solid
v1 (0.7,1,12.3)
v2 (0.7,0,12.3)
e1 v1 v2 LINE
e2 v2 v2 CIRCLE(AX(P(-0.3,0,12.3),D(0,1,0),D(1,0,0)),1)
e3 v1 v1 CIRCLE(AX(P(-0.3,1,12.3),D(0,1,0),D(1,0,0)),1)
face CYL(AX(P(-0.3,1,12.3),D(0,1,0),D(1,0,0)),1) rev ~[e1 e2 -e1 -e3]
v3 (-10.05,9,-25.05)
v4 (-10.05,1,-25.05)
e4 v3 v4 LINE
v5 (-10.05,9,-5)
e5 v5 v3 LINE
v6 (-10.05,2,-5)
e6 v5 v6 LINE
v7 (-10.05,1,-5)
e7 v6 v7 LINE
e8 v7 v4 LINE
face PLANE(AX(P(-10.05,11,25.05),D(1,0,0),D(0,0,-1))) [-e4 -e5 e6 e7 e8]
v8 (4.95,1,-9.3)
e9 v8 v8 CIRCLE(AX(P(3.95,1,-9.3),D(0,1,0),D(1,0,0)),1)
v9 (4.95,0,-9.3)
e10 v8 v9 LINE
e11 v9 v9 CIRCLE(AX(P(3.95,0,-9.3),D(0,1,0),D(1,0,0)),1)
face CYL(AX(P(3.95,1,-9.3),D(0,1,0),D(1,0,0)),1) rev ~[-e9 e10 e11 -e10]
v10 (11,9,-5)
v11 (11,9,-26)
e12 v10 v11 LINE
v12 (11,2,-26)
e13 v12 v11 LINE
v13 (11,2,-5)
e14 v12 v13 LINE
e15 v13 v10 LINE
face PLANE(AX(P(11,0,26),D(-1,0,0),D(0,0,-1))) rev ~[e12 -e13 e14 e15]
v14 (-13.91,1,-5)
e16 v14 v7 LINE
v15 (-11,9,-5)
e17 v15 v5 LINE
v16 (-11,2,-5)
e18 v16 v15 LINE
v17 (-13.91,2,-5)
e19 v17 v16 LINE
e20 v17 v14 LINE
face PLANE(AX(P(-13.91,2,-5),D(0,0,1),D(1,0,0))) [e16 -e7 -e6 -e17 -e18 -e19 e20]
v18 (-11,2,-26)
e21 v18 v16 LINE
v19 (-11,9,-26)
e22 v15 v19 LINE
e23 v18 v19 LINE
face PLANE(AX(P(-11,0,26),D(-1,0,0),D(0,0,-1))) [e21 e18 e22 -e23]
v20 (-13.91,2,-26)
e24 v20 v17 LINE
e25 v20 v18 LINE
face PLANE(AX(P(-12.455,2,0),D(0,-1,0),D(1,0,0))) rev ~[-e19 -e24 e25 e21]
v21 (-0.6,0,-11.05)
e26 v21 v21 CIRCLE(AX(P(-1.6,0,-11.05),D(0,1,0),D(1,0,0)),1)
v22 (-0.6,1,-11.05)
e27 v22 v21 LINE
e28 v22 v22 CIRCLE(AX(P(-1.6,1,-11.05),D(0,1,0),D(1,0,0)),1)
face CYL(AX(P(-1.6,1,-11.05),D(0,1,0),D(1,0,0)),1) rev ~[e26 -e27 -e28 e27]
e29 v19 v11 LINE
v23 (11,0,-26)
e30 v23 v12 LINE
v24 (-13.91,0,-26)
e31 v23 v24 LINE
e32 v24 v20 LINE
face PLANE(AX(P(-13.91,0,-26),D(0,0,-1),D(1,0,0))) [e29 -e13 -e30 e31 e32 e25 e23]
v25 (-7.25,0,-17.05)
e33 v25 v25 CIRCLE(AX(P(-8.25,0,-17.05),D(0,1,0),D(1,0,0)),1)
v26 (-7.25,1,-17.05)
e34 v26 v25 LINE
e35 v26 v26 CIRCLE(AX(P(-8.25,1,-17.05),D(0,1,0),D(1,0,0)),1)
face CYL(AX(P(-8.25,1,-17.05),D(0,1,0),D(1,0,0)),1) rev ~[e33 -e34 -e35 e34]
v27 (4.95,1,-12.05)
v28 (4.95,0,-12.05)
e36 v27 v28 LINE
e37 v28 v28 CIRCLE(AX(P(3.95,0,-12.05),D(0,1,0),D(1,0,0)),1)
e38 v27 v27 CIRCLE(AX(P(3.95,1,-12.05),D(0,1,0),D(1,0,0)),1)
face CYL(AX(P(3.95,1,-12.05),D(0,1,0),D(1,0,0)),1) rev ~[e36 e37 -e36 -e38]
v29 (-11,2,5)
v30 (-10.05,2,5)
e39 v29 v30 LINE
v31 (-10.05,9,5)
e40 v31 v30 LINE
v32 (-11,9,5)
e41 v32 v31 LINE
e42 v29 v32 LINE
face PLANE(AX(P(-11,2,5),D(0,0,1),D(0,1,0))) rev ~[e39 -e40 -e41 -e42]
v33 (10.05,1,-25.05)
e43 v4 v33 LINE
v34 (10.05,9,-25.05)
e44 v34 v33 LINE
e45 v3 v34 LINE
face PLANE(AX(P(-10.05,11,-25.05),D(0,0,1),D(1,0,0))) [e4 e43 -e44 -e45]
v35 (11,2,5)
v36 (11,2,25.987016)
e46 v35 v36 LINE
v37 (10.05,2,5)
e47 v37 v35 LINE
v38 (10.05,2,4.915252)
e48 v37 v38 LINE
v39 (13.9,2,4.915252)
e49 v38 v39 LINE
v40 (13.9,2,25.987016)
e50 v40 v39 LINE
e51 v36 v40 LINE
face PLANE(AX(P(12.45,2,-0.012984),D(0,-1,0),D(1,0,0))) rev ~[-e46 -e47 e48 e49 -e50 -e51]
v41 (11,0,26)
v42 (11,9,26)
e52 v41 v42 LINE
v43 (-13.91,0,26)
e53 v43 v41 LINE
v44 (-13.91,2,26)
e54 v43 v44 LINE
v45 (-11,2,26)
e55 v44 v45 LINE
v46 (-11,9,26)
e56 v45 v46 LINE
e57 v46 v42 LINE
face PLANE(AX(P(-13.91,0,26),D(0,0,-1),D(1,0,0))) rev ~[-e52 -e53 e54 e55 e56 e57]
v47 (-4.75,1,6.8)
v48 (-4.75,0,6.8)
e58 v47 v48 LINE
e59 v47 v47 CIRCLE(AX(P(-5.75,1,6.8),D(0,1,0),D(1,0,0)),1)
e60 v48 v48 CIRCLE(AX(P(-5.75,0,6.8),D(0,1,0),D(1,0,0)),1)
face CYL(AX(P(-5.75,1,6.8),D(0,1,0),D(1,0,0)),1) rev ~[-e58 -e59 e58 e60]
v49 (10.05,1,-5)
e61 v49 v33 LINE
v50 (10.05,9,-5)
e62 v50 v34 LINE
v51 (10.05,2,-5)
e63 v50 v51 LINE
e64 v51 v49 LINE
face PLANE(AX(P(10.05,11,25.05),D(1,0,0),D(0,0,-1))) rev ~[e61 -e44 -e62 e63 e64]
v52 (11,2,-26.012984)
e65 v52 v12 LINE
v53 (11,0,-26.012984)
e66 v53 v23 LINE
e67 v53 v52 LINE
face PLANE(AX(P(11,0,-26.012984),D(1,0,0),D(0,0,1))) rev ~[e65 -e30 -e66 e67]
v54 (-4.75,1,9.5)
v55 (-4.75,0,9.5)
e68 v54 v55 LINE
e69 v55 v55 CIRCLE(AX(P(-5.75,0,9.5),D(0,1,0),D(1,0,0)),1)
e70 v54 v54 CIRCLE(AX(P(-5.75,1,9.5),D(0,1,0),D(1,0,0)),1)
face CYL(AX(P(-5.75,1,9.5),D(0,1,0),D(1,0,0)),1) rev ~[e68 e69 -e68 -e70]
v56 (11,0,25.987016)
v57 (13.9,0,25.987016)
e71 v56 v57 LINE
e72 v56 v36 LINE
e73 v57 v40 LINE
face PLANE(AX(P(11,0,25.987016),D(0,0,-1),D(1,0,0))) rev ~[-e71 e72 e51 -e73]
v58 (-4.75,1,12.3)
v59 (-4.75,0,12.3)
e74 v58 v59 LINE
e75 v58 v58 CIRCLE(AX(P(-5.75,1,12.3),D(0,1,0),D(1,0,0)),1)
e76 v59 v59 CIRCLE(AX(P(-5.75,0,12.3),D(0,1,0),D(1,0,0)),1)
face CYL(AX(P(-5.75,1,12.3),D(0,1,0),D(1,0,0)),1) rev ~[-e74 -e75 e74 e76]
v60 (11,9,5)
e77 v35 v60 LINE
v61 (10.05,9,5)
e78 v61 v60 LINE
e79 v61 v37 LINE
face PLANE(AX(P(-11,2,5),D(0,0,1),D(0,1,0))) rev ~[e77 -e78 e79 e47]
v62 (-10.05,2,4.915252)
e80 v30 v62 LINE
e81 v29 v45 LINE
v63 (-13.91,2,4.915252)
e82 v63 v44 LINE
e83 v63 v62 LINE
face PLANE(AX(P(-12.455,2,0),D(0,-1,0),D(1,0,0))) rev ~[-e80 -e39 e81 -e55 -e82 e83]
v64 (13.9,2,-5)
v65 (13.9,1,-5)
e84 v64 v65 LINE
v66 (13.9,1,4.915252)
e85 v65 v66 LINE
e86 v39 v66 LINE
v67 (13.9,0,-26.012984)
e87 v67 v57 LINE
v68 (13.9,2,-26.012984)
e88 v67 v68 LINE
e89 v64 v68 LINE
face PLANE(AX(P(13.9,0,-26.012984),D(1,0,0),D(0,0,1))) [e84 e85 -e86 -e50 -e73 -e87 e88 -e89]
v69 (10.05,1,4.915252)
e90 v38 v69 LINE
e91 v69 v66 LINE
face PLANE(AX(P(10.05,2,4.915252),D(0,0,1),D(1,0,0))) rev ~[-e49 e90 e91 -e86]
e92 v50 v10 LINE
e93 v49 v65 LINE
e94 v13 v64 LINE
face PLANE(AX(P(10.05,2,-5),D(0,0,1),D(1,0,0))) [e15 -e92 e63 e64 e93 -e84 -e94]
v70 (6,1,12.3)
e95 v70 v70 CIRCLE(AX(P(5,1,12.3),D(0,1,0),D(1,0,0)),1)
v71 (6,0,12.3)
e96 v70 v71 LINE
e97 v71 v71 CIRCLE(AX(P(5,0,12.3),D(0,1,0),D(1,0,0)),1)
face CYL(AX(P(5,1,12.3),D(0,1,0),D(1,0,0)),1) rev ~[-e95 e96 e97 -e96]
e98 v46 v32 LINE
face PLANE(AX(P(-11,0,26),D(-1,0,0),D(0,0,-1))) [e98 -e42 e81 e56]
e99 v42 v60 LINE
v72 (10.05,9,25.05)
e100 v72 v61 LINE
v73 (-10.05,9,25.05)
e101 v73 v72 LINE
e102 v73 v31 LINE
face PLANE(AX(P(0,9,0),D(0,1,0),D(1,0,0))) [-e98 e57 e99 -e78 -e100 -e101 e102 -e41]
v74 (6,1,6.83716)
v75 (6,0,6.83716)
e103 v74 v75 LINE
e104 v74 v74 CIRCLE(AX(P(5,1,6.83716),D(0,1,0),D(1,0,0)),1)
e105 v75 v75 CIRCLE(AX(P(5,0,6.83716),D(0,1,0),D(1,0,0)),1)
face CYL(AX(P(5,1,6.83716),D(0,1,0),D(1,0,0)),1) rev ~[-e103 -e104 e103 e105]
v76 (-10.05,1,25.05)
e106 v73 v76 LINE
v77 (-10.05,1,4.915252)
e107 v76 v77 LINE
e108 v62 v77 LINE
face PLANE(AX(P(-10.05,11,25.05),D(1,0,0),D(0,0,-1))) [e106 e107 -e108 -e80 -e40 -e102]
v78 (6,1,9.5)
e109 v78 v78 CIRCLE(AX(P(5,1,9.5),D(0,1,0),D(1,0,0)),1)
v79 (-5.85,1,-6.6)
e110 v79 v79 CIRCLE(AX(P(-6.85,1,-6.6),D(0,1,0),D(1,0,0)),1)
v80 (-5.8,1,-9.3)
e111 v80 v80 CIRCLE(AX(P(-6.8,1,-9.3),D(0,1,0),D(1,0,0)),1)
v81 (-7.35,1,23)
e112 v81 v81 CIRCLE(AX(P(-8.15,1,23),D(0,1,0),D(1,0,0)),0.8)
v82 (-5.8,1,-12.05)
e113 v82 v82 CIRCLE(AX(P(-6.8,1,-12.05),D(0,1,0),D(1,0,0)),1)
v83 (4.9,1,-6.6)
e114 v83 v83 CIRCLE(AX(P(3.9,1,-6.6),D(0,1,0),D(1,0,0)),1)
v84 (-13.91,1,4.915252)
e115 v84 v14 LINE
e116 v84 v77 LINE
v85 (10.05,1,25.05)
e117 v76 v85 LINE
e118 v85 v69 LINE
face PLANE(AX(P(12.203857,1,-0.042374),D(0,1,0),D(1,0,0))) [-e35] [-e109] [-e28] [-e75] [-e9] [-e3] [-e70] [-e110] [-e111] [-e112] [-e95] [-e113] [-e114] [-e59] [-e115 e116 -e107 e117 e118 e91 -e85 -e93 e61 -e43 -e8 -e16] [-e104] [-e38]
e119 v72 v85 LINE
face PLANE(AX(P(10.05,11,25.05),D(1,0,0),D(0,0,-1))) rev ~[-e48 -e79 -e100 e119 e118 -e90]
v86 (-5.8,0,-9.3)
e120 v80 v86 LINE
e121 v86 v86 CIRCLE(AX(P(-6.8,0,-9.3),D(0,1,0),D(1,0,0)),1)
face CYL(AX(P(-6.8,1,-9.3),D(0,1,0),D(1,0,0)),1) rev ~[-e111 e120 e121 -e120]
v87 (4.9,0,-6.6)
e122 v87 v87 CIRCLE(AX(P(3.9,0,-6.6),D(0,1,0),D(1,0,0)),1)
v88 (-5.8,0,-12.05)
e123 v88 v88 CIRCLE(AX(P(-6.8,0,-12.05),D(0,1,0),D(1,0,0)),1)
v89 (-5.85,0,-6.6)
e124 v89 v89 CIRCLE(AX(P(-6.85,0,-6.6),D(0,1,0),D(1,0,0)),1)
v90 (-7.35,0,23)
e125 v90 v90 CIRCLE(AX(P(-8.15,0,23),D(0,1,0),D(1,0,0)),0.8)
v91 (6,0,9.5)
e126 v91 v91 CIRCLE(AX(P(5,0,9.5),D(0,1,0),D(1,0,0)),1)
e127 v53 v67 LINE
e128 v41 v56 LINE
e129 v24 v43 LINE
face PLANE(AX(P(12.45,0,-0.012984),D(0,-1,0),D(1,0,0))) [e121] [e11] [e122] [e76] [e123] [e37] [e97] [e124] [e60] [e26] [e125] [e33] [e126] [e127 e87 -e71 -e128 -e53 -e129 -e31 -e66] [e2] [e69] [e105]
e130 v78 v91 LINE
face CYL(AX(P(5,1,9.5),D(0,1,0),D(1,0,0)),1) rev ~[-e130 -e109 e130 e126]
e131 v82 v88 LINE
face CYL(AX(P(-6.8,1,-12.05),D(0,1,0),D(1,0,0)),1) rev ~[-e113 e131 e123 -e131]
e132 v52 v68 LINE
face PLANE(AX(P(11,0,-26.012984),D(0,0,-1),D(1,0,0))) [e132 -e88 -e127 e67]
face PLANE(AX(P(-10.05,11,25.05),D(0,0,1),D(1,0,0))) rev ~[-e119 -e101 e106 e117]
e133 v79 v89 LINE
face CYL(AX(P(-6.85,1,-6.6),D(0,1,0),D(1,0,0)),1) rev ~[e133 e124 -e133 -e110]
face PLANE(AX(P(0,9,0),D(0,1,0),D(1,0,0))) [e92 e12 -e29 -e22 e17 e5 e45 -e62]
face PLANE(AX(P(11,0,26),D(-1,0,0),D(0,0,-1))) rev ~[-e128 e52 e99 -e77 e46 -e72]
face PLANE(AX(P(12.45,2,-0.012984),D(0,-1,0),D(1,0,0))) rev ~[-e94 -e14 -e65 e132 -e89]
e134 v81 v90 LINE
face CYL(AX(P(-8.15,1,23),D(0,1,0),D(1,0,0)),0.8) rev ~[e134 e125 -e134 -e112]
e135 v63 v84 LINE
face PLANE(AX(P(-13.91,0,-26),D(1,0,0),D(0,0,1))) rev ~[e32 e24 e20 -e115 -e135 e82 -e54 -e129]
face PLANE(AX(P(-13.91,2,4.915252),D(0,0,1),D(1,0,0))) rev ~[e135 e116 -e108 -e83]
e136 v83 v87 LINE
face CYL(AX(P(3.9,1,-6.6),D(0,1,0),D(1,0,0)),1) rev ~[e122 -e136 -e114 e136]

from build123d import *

# Parameters (mm, degrees)
SKETCH1_W               = 22
SKETCH1_H               = 52
BOSS_EXTRUDE1_DEPTH     = 9
CUT_EXTRUDE1_START      = 2
SKETCH2_W               = 20.1
SKETCH2_H               = 50.1
CUT_EXTRUDE1_DEPTH      = 10
SKETCH7_R               = 0.8
CUT_EXTRUDE6_DEPTH      = 9
CUT_EXTRUDE6_DEPTH_BACK = 2
CUT_EXTRUDE7_REACH      = 3
SKETCH8_R               = 1
CUT_EXTRUDE9_REACH      = 3
SKETCH9_R               = 1
CUT_EXTRUDE10_REACH     = 3
SKETCH10_R              = 1
CUT_EXTRUDE11_REACH     = 3
SKETCH11_R              = 1
CUT_EXTRUDE12_REACH     = 3
SKETCH12_R              = 1
CUT_EXTRUDE13_REACH     = 3
SKETCH13_R              = 1
CUT_EXTRUDE14_REACH     = 3
SKETCH14_R              = 1
CUT_EXTRUDE15_REACH     = 3
SKETCH15_R              = 1
CUT_EXTRUDE16_REACH     = 3
SKETCH16_R              = 1
SKETCH18_W              = 2.91
SKETCH18_H              = 52
BOSS_EXTRUDE2_DEPTH     = 2
SKETCH18_3_W            = 2.9
SKETCH18_3_H            = 52
BOSS_EXTRUDE3_DEPTH     = 2
SKETCH19_W              = 10
SKETCH19_H              = 7
CUT_EXTRUDE17_DEPTH     = 25.9
SKETCH20_W              = 3.86
SKETCH20_H              = 9.915252407
SKETCH20_W_2            = 4.307713093
CUT_EXTRUDE18_DEPTH     = 1


with BuildPart() as part:
    # Sketch1 → Boss-Extrude1 (new body)
    with BuildSketch(Plane(origin=(0, 0, 0), x_dir=(1, 0, 0), z_dir=(0, 1, 0))):
        Rectangle(SKETCH1_W, SKETCH1_H)
    extrude(amount=BOSS_EXTRUDE1_DEPTH)

    # Sketch2 → Cut-Extrude1 (cut)
    with BuildSketch(Plane(origin=(0, 9, 0), x_dir=(1, 0, 0), z_dir=(0, 1, 0)).offset(CUT_EXTRUDE1_START)):
        Rectangle(SKETCH2_W, SKETCH2_H)
    extrude(amount=-CUT_EXTRUDE1_DEPTH, mode=Mode.SUBTRACT)

    # Sketch7 → Cut-Extrude6 (cut, two sides)
    with BuildSketch(Plane(origin=(0, 1, 0), x_dir=(1, 0, 0), z_dir=(0, 1, 0))) as cut_extrude6_sk:
        with Locations((-8.15, -23)):
            Circle(SKETCH7_R)
    extrude(amount=CUT_EXTRUDE6_DEPTH, mode=Mode.SUBTRACT)
    extrude(cut_extrude6_sk.sketch, amount=-CUT_EXTRUDE6_DEPTH_BACK, mode=Mode.SUBTRACT)

    # Sketch8 → Cut-Extrude7 (cut, up to next)
    with BuildSketch(Plane(origin=(0, 1, 0), x_dir=(1, 0, 0), z_dir=(0, 1, 0)), mode=Mode.PRIVATE) as cut_extrude7_sk1:
        with Locations((-5.75, -12.3)):
            Circle(SKETCH8_R)
    cut_extrude7_tool1 = extrude(cut_extrude7_sk1.sketch, amount=-CUT_EXTRUDE7_REACH, mode=Mode.PRIVATE) & part.part
    add(cut_extrude7_tool1.solids().sort_by_distance((-5.75, 1, 12.3))[0], mode=Mode.SUBTRACT)
    # Sketch8 → Cut-Extrude7 (cut, up to next)
    with BuildSketch(Plane(origin=(0, 1, 0), x_dir=(1, 0, 0), z_dir=(0, 1, 0)), mode=Mode.PRIVATE) as cut_extrude7_sk2:
        with Locations((5, -12.3)):
            Circle(SKETCH8_R)
    cut_extrude7_tool2 = extrude(cut_extrude7_sk2.sketch, amount=-CUT_EXTRUDE7_REACH, mode=Mode.PRIVATE) & part.part
    add(cut_extrude7_tool2.solids().sort_by_distance((5, 1, 12.3))[0], mode=Mode.SUBTRACT)

    # Sketch9 → Cut-Extrude9 (cut, up to next)
    with BuildSketch(Plane(origin=(0, 1, 0), x_dir=(1, 0, 0), z_dir=(0, 1, 0)), mode=Mode.PRIVATE) as cut_extrude9_sk1:
        with Locations((-5.75, -9.5)):
            Circle(SKETCH9_R)
    cut_extrude9_tool1 = extrude(cut_extrude9_sk1.sketch, amount=-CUT_EXTRUDE9_REACH, mode=Mode.PRIVATE) & part.part
    add(cut_extrude9_tool1.solids().sort_by_distance((-5.75, 1, 9.5))[0], mode=Mode.SUBTRACT)
    # Sketch9 → Cut-Extrude9 (cut, up to next)
    with BuildSketch(Plane(origin=(0, 1, 0), x_dir=(1, 0, 0), z_dir=(0, 1, 0)), mode=Mode.PRIVATE) as cut_extrude9_sk2:
        with Locations((5, -9.5)):
            Circle(SKETCH9_R)
    cut_extrude9_tool2 = extrude(cut_extrude9_sk2.sketch, amount=-CUT_EXTRUDE9_REACH, mode=Mode.PRIVATE) & part.part
    add(cut_extrude9_tool2.solids().sort_by_distance((5, 1, 9.5))[0], mode=Mode.SUBTRACT)

    # Sketch10 → Cut-Extrude10 (cut, up to next)
    with BuildSketch(Plane(origin=(0, 1, 0), x_dir=(1, 0, 0), z_dir=(0, 1, 0)), mode=Mode.PRIVATE) as cut_extrude10_sk1:
        with Locations((-5.75, -6.8)):
            Circle(SKETCH10_R)
    cut_extrude10_tool1 = extrude(cut_extrude10_sk1.sketch, amount=-CUT_EXTRUDE10_REACH, mode=Mode.PRIVATE) & part.part
    add(cut_extrude10_tool1.solids().sort_by_distance((-5.75, 1, 6.8))[0], mode=Mode.SUBTRACT)
    # Sketch10 → Cut-Extrude10 (cut, up to next)
    with BuildSketch(Plane(origin=(0, 1, 0), x_dir=(1, 0, 0), z_dir=(0, 1, 0)), mode=Mode.PRIVATE) as cut_extrude10_sk2:
        with Locations((5, -6.837159935)):
            Circle(SKETCH10_R)
    cut_extrude10_tool2 = extrude(cut_extrude10_sk2.sketch, amount=-CUT_EXTRUDE10_REACH, mode=Mode.PRIVATE) & part.part
    add(cut_extrude10_tool2.solids().sort_by_distance((5, 1, 6.83716))[0], mode=Mode.SUBTRACT)

    # Sketch11 → Cut-Extrude11 (cut, up to next)
    with BuildSketch(Plane(origin=(0, 1, 0), x_dir=(1, 0, 0), z_dir=(0, 1, 0)), mode=Mode.PRIVATE) as cut_extrude11_sk1:
        with Locations((-0.3, -12.3)):
            Circle(SKETCH11_R)
    cut_extrude11_tool1 = extrude(cut_extrude11_sk1.sketch, amount=-CUT_EXTRUDE11_REACH, mode=Mode.PRIVATE) & part.part
    add(cut_extrude11_tool1.solids().sort_by_distance((-0.3, 1, 12.3))[0], mode=Mode.SUBTRACT)

    # Sketch12 → Cut-Extrude12 (cut, up to next)
    with BuildSketch(Plane(origin=(0, 1, 0), x_dir=(1, 0, 0), z_dir=(0, 1, 0)), mode=Mode.PRIVATE) as cut_extrude12_sk1:
        with Locations((3.95, 12.05)):
            Circle(SKETCH12_R)
    cut_extrude12_tool1 = extrude(cut_extrude12_sk1.sketch, amount=-CUT_EXTRUDE12_REACH, mode=Mode.PRIVATE) & part.part
    add(cut_extrude12_tool1.solids().sort_by_distance((3.95, 1, -12.05))[0], mode=Mode.SUBTRACT)
    # Sketch12 → Cut-Extrude12 (cut, up to next)
    with BuildSketch(Plane(origin=(0, 1, 0), x_dir=(1, 0, 0), z_dir=(0, 1, 0)), mode=Mode.PRIVATE) as cut_extrude12_sk2:
        with Locations((-6.8, 12.05)):
            Circle(SKETCH12_R)
    cut_extrude12_tool2 = extrude(cut_extrude12_sk2.sketch, amount=-CUT_EXTRUDE12_REACH, mode=Mode.PRIVATE) & part.part
    add(cut_extrude12_tool2.solids().sort_by_distance((-6.8, 1, -12.05))[0], mode=Mode.SUBTRACT)

    # Sketch13 → Cut-Extrude13 (cut, up to next)
    with BuildSketch(Plane(origin=(0, 1, 0), x_dir=(1, 0, 0), z_dir=(0, 1, 0)), mode=Mode.PRIVATE) as cut_extrude13_sk1:
        with Locations((3.95, 9.3)):
            Circle(SKETCH13_R)
    cut_extrude13_tool1 = extrude(cut_extrude13_sk1.sketch, amount=-CUT_EXTRUDE13_REACH, mode=Mode.PRIVATE) & part.part
    add(cut_extrude13_tool1.solids().sort_by_distance((3.95, 1, -9.3))[0], mode=Mode.SUBTRACT)
    # Sketch13 → Cut-Extrude13 (cut, up to next)
    with BuildSketch(Plane(origin=(0, 1, 0), x_dir=(1, 0, 0), z_dir=(0, 1, 0)), mode=Mode.PRIVATE) as cut_extrude13_sk2:
        with Locations((-6.8, 9.3)):
            Circle(SKETCH13_R)
    cut_extrude13_tool2 = extrude(cut_extrude13_sk2.sketch, amount=-CUT_EXTRUDE13_REACH, mode=Mode.PRIVATE) & part.part
    add(cut_extrude13_tool2.solids().sort_by_distance((-6.8, 1, -9.3))[0], mode=Mode.SUBTRACT)

    # Sketch14 → Cut-Extrude14 (cut, up to next)
    with BuildSketch(Plane(origin=(0, 1, 0), x_dir=(1, 0, 0), z_dir=(0, 1, 0)), mode=Mode.PRIVATE) as cut_extrude14_sk1:
        with Locations((3.9, 6.6)):
            Circle(SKETCH14_R)
    cut_extrude14_tool1 = extrude(cut_extrude14_sk1.sketch, amount=-CUT_EXTRUDE14_REACH, mode=Mode.PRIVATE) & part.part
    add(cut_extrude14_tool1.solids().sort_by_distance((3.9, 1, -6.6))[0], mode=Mode.SUBTRACT)
    # Sketch14 → Cut-Extrude14 (cut, up to next)
    with BuildSketch(Plane(origin=(0, 1, 0), x_dir=(1, 0, 0), z_dir=(0, 1, 0)), mode=Mode.PRIVATE) as cut_extrude14_sk2:
        with Locations((-6.85, 6.6)):
            Circle(SKETCH14_R)
    cut_extrude14_tool2 = extrude(cut_extrude14_sk2.sketch, amount=-CUT_EXTRUDE14_REACH, mode=Mode.PRIVATE) & part.part
    add(cut_extrude14_tool2.solids().sort_by_distance((-6.85, 1, -6.6))[0], mode=Mode.SUBTRACT)

    # Sketch15 → Cut-Extrude15 (cut, up to next)
    with BuildSketch(Plane(origin=(0, 1, 0), x_dir=(1, 0, 0), z_dir=(0, 1, 0)), mode=Mode.PRIVATE) as cut_extrude15_sk1:
        with Locations((-1.6, 11.05)):
            Circle(SKETCH15_R)
    cut_extrude15_tool1 = extrude(cut_extrude15_sk1.sketch, amount=-CUT_EXTRUDE15_REACH, mode=Mode.PRIVATE) & part.part
    add(cut_extrude15_tool1.solids().sort_by_distance((-1.6, 1, -11.05))[0], mode=Mode.SUBTRACT)

    # Sketch16 → Cut-Extrude16 (cut, up to next)
    with BuildSketch(Plane(origin=(0, 1, 0), x_dir=(1, 0, 0), z_dir=(0, 1, 0)), mode=Mode.PRIVATE) as cut_extrude16_sk1:
        with Locations((-8.25, 17.05)):
            Circle(SKETCH16_R)
    cut_extrude16_tool1 = extrude(cut_extrude16_sk1.sketch, amount=-CUT_EXTRUDE16_REACH, mode=Mode.PRIVATE) & part.part
    add(cut_extrude16_tool1.solids().sort_by_distance((-8.25, 1, -17.05))[0], mode=Mode.SUBTRACT)

    # Sketch18 → Boss-Extrude2 (add)
    with BuildSketch(Plane.XZ):
        with Locations((-12.455, 0)):
            Rectangle(SKETCH18_W, SKETCH18_H)
    extrude(amount=-BOSS_EXTRUDE2_DEPTH)

    # Sketch18<3> → Boss-Extrude3 (add)
    with BuildSketch(Plane.XZ):
        with Locations((12.45, -0.012983648)):
            Rectangle(SKETCH18_3_W, SKETCH18_3_H)
    extrude(amount=-BOSS_EXTRUDE3_DEPTH)

    # Sketch19 → Cut-Extrude17 (cut, through all)
    with BuildSketch(Plane.ZY.offset(11)):
        with Locations((0, 5.5)):
            Rectangle(SKETCH19_W, SKETCH19_H)
    extrude(amount=-CUT_EXTRUDE17_DEPTH, mode=Mode.SUBTRACT)

    # Sketch20 → Cut-Extrude18 (cut)
    with BuildSketch(Plane(origin=(0, 2, 0), x_dir=(1, 0, 0), z_dir=(0, 1, 0))):
        with Locations((-11.98, 0.042373796)):
            Rectangle(SKETCH20_W, SKETCH20_H)
        with Locations((12.203856547, 0.042373796)):
            Rectangle(SKETCH20_W_2, SKETCH20_H)
    extrude(amount=-CUT_EXTRUDE18_DEPTH, mode=Mode.SUBTRACT)


solid = part.part
